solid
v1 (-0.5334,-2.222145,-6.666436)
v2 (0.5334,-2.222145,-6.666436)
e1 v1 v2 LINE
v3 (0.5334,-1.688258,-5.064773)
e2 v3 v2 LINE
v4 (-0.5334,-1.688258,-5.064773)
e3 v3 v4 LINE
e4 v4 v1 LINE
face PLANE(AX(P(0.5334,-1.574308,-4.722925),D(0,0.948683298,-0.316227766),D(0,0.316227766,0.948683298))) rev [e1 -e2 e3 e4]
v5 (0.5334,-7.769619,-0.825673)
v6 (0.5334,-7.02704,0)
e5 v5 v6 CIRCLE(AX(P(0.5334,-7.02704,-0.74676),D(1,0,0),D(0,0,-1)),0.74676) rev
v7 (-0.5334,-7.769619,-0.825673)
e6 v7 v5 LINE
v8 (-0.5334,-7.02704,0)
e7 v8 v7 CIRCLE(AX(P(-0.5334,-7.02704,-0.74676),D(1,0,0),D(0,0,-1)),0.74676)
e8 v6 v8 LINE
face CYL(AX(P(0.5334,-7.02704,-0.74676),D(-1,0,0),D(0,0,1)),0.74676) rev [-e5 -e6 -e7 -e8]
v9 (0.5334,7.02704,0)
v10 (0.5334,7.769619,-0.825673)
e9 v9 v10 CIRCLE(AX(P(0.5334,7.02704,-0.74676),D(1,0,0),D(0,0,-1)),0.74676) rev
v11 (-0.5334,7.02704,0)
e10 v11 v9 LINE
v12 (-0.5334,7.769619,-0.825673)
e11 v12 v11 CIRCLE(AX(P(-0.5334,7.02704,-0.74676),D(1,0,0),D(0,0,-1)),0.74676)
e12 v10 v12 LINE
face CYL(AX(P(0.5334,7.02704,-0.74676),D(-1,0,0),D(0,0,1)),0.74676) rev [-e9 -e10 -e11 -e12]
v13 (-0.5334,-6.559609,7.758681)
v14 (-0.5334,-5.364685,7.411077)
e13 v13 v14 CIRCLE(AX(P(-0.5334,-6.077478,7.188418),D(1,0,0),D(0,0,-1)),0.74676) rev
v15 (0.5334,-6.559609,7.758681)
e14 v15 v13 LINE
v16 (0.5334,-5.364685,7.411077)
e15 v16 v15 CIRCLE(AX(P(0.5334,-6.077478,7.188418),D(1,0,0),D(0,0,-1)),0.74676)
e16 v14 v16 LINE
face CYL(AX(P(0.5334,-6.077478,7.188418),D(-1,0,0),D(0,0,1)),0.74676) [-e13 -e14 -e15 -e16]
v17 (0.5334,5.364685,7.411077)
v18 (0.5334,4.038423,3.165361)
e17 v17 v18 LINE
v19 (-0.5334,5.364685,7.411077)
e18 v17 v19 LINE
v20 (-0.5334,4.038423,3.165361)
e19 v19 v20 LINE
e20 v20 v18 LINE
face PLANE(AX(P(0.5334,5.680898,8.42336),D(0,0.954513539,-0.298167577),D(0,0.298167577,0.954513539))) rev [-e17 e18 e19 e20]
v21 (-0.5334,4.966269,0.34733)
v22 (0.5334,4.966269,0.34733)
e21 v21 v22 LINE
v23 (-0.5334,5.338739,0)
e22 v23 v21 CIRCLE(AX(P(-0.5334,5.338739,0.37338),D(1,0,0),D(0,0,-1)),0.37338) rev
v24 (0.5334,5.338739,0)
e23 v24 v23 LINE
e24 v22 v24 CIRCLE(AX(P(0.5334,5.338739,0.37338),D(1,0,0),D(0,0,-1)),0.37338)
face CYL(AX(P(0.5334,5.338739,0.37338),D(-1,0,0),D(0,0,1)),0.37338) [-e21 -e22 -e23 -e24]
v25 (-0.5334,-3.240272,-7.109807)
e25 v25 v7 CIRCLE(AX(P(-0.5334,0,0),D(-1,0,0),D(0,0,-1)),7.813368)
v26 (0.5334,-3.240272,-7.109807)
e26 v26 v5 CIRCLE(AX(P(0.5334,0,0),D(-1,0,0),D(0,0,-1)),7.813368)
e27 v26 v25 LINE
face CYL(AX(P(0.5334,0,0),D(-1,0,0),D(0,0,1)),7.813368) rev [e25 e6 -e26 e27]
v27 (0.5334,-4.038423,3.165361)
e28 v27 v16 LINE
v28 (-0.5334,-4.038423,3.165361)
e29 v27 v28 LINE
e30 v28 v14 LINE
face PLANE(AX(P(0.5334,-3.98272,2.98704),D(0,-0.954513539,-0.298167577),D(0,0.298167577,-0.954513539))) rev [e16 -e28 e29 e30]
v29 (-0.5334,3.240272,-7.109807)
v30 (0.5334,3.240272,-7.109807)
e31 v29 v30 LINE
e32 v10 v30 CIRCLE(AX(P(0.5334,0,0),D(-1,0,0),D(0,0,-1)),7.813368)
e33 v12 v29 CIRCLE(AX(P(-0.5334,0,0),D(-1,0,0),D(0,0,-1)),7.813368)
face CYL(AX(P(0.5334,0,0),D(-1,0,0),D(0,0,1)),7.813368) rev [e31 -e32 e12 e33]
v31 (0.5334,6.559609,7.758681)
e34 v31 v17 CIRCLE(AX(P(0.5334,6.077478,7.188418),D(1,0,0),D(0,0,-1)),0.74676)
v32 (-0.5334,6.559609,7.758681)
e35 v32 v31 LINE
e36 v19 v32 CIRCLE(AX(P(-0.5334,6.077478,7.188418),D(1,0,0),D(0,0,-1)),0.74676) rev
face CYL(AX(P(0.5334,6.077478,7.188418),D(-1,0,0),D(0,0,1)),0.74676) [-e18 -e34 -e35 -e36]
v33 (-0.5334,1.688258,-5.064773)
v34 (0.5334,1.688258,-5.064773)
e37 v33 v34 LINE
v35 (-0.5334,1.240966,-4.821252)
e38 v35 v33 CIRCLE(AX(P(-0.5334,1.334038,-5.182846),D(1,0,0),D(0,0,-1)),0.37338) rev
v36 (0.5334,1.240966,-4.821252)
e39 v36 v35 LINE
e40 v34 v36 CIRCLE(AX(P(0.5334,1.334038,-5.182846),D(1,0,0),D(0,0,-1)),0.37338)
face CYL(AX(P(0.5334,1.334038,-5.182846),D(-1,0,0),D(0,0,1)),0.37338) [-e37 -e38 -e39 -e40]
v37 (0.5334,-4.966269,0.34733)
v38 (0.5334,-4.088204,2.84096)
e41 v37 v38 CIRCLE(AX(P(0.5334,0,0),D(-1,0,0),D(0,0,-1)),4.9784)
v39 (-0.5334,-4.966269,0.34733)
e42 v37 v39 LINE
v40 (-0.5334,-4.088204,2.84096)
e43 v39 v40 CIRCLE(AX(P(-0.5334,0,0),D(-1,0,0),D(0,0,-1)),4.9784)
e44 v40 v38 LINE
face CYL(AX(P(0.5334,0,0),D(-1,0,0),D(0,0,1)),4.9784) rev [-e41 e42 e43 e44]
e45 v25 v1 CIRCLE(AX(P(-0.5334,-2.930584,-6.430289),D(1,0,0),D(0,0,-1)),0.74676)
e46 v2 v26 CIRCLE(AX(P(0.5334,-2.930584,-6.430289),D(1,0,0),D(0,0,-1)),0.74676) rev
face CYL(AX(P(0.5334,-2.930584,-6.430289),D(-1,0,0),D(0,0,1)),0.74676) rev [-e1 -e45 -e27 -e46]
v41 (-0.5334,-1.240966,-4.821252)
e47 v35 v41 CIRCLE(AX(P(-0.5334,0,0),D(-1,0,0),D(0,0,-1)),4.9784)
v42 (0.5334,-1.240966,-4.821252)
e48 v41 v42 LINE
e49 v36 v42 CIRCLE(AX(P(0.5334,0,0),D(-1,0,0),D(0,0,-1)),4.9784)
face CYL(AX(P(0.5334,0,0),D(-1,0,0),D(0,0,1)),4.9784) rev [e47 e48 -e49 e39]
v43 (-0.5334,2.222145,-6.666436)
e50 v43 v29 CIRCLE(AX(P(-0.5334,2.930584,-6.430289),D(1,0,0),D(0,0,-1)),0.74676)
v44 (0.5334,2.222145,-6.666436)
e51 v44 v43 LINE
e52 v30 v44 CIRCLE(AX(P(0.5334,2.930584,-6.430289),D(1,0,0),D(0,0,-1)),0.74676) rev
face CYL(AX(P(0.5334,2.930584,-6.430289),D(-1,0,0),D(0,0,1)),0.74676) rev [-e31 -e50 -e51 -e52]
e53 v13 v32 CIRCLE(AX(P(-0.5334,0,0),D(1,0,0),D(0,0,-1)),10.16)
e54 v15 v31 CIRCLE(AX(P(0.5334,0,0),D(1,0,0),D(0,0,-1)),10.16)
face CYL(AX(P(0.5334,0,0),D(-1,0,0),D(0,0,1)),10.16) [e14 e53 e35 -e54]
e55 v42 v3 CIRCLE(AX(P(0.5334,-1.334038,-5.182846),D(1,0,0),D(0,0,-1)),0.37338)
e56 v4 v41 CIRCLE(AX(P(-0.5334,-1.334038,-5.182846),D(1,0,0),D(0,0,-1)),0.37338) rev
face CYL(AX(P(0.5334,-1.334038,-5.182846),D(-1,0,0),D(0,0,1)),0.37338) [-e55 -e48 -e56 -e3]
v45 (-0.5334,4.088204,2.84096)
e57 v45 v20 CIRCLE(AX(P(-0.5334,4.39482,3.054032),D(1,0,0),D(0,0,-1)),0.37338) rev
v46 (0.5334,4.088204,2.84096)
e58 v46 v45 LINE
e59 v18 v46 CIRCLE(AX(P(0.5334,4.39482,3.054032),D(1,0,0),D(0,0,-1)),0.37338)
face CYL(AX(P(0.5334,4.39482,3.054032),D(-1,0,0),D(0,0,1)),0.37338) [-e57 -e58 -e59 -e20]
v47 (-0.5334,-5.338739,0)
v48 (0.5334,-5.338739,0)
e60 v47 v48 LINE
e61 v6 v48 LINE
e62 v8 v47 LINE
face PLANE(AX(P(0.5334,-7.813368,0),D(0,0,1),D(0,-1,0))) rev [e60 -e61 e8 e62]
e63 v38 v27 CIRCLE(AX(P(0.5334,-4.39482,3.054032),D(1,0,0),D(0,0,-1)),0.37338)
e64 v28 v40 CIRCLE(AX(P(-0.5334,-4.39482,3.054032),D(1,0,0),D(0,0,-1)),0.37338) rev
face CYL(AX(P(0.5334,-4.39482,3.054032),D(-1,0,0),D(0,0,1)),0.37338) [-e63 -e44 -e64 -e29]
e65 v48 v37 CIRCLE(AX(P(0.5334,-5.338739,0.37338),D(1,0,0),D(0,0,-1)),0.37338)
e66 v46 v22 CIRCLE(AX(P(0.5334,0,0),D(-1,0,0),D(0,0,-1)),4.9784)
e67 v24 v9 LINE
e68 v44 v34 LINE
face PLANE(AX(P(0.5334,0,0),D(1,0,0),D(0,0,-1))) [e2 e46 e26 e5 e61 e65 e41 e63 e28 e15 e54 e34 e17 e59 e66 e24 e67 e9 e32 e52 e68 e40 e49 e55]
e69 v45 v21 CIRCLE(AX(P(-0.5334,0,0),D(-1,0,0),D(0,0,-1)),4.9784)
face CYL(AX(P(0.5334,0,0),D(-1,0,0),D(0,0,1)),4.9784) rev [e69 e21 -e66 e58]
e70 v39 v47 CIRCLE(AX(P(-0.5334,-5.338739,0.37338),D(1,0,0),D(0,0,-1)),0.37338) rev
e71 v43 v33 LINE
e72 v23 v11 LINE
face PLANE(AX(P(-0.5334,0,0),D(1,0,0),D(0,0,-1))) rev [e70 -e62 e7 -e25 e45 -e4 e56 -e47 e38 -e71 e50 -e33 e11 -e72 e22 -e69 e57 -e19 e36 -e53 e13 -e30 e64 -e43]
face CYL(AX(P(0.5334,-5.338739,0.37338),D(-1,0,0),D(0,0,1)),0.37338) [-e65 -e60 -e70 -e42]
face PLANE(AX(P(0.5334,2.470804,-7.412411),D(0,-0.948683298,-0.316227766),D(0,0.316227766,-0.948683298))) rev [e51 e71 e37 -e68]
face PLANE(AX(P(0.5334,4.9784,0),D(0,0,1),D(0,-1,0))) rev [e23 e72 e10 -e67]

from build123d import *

# Parameters (mm, degrees)
BOSS_EXTRUDE1_DEPTH      = 0.5334
BOSS_EXTRUDE1_DEPTH_BACK = 0.5334
FILLET1_R                = 0.74676
FILLET2_R                = 0.37338


with BuildPart() as part:
    # Sketch3 → Boss-Extrude1 (new, two sides: drawn at the far end of the back side and taken through both)
    with BuildSketch(Plane(origin=(0, 0, 0), x_dir=(0, 0, -1), z_dir=(1, 0, 0)).offset(-BOSS_EXTRUDE1_DEPTH_BACK)):
        with BuildLine():
            Line((4.722924931, -1.57430831), (7.412411478, -2.470803826))
            ThreePointArc((7.412411478, -2.470803826), (4.568556477, -6.338533521), (0, -7.813367742))
            Line((0, -7.813367742), (0, -4.9784))
            ThreePointArc((0, -4.9784), (-1.57430831, -4.722924931), (-2.98704, -3.98272))
            Line((-2.98704, -3.98272), (-8.423359932, -5.680898473))
            ThreePointArc((-8.423359932, -5.680898473), (10.16, 0), (-8.423359932, 5.680898473))
            Line((-8.423359932, 5.680898473), (-2.98704, 3.98272))
            ThreePointArc((-2.98704, 3.98272), (-1.57430831, 4.722924931), (0, 4.9784))
            Line((0, 4.9784), (0, 7.813367742))
            ThreePointArc((0, 7.813367742), (4.568556477, 6.338533521), (7.412411478, 2.470803826))
            Line((7.412411478, 2.470803826), (4.722924931, 1.57430831))
            ThreePointArc((4.722924931, 1.57430831), (4.9784, 0), (4.722924931, -1.57430831))
        make_face()
    extrude(amount=BOSS_EXTRUDE1_DEPTH + BOSS_EXTRUDE1_DEPTH_BACK)

    # Fillet1
    fillet1_edges = [part.edges().sort_by_distance(p)[0] for p in [
        (0, 2.470803826, -7.412411478),
        (0, 7.813367742, 0),
        (0, 5.680898473, 8.423359932),
        (0, -5.680898473, 8.423359932),
        (0, -7.813367742, 0),
        (0, -2.470803826, -7.412411478),
    ]]
    fillet(fillet1_edges, radius=FILLET1_R)

    # Fillet2
    fillet2_edges = [part.edges().sort_by_distance(p)[0] for p in [
        (0, 1.57430831, -4.722924931),
        (0, 4.9784, 0),
        (0, 3.98272, 2.98704),
        (0, -3.98272, 2.98704),
        (0, -4.9784, 0),
        (0, -1.57430831, -4.722924931),
    ]]
    fillet(fillet2_edges, radius=FILLET2_R)


solid = part.part
